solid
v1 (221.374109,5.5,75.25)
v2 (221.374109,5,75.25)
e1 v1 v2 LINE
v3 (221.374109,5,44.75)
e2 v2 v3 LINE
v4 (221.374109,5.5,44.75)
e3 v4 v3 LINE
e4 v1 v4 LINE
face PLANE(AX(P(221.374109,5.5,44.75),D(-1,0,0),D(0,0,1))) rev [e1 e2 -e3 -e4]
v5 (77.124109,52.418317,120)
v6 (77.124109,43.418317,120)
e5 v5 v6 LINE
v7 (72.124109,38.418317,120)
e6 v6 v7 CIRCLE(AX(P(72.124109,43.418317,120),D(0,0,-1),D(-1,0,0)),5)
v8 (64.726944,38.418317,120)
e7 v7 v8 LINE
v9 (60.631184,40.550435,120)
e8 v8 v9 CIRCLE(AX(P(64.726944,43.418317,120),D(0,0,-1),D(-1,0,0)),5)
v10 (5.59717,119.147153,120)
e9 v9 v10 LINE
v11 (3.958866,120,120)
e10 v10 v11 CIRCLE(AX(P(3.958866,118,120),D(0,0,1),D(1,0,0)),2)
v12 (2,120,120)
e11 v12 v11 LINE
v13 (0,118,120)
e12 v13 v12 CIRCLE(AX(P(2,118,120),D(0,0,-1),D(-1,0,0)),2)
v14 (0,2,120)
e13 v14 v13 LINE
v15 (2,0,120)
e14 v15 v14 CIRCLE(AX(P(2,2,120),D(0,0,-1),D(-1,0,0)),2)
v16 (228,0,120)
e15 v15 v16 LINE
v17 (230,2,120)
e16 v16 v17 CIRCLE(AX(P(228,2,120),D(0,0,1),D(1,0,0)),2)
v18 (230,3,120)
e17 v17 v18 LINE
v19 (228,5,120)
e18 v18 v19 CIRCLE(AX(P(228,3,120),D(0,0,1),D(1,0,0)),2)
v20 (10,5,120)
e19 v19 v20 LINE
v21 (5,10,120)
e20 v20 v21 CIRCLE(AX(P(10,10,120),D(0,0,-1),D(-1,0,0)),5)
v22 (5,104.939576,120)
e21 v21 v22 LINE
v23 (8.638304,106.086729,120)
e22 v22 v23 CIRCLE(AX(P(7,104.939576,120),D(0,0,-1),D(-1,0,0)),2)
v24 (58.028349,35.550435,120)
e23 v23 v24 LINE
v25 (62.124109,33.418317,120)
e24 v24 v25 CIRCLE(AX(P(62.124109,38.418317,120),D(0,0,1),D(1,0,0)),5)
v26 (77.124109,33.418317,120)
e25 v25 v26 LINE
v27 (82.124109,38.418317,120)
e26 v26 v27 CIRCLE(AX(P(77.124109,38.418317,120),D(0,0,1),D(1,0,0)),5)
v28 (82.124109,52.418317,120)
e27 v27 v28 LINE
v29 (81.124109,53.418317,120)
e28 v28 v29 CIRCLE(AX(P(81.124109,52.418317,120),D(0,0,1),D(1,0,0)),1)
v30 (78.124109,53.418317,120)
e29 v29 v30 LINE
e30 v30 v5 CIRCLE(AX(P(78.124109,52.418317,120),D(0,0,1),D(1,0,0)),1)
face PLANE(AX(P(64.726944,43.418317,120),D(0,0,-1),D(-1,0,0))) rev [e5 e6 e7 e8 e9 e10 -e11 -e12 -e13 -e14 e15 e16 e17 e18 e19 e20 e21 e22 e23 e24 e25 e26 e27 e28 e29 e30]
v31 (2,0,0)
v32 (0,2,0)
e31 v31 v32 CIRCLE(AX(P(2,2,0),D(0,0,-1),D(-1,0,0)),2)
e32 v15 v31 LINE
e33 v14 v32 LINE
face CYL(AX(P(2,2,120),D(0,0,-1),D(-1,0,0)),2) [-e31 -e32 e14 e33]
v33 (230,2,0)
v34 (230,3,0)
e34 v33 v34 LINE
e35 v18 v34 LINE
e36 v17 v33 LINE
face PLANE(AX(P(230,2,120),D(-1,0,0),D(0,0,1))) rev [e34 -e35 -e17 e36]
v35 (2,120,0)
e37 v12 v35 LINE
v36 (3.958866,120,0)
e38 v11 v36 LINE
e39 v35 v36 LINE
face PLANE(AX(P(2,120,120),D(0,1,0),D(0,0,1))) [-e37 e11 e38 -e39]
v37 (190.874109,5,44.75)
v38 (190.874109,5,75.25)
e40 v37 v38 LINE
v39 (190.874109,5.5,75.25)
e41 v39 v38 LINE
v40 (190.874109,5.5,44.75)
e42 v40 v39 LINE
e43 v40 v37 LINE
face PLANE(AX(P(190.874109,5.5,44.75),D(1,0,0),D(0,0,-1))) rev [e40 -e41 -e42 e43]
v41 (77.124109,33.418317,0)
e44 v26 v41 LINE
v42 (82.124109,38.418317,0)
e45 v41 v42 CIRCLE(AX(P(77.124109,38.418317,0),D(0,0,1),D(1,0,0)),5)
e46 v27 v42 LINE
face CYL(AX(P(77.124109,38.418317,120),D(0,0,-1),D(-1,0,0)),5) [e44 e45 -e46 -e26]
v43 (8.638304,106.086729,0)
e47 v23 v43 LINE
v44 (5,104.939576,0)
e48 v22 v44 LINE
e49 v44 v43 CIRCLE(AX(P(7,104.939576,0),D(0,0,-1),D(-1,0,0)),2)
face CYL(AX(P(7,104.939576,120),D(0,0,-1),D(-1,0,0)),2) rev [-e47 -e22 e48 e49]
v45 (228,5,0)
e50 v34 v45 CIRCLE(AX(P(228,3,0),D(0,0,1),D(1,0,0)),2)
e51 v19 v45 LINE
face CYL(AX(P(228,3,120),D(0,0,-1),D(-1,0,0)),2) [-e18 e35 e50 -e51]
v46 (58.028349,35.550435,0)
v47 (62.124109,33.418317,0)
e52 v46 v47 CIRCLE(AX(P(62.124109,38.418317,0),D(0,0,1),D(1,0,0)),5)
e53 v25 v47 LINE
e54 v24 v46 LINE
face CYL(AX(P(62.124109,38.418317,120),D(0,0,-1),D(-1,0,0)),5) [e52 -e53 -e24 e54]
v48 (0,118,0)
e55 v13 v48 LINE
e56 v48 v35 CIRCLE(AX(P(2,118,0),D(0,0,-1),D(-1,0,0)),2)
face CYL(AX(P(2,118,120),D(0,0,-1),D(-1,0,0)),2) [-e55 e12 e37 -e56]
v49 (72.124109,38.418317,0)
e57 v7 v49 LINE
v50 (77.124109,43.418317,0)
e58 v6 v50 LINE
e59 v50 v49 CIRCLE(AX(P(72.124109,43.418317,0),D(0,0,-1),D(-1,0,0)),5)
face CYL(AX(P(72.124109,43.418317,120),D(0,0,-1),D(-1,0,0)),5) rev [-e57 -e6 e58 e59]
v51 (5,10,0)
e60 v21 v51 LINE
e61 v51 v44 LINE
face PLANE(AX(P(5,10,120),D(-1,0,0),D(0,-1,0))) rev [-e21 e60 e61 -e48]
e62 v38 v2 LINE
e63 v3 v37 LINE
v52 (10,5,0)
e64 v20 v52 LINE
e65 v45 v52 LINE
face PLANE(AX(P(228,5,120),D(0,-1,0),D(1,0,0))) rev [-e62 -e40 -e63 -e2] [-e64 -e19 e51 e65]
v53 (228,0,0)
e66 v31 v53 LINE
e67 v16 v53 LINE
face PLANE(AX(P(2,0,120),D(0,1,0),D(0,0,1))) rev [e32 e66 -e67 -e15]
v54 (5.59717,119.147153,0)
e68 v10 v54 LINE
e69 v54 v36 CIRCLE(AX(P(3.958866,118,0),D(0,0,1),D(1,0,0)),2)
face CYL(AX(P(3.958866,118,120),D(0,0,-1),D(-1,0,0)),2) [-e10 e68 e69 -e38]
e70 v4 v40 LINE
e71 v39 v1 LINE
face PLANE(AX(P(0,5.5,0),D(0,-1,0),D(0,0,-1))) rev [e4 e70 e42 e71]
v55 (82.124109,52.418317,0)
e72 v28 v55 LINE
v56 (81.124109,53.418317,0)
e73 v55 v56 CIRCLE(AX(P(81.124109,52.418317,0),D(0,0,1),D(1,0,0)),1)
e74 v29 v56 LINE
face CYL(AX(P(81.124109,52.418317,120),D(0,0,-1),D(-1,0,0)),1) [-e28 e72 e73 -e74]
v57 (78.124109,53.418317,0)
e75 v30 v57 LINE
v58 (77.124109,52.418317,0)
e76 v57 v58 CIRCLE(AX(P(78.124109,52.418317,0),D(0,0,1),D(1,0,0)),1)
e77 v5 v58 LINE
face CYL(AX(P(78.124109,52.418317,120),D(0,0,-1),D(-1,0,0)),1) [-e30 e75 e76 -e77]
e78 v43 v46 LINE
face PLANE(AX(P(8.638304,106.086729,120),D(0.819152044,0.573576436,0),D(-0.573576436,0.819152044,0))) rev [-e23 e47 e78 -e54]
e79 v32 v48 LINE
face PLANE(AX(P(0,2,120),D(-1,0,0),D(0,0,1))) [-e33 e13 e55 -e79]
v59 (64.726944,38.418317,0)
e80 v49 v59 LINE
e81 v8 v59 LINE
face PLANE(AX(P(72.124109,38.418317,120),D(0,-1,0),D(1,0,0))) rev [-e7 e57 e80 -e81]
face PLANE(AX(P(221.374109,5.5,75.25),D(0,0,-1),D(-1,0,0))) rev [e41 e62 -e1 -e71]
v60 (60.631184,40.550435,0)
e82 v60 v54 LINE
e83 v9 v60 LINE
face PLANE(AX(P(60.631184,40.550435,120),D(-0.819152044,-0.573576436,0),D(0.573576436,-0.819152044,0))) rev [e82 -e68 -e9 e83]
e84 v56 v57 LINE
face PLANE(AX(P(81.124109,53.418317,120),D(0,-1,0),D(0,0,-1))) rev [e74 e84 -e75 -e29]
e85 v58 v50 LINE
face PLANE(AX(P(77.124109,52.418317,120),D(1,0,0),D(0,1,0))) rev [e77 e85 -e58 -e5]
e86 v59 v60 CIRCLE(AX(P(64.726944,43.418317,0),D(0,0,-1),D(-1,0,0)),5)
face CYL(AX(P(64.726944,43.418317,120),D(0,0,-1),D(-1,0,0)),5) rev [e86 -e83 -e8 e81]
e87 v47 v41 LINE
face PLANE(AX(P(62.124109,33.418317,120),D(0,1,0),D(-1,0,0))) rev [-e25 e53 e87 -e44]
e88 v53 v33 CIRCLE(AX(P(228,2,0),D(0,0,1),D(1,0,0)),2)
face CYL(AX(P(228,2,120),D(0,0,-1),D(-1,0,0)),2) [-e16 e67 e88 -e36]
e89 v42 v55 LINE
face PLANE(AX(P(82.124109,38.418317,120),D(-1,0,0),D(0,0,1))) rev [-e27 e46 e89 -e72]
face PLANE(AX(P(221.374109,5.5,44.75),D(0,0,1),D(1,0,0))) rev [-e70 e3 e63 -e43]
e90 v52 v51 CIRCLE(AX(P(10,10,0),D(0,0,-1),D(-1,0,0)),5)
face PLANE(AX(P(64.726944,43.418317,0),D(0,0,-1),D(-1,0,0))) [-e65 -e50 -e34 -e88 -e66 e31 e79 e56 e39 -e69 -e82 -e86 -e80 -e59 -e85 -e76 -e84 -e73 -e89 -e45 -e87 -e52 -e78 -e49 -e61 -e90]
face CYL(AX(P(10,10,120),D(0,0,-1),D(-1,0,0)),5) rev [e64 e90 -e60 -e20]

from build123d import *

# Parameters (mm, degrees)
BOSS_EXTRUDE1_DEPTH = 120
SKETCH3_W           = 30
SKETCH3_H           = 30
BOSS_EXTRUDE2_DEPTH = 3
SKETCH6_W           = 30.5
SKETCH6_H           = 30.5
BOSS_EXTRUDE3_DEPTH = 5.5


with BuildPart() as part:
    # Sketch1 → Boss-Extrude1 (new body)
    with BuildSketch(Plane.XY):
        with BuildLine():
            Line((2, 0), (228, 0))
            ThreePointArc((228, 0), (229.414213562, 0.585786438), (230, 2))
            Line((230, 2), (230, 3))
            ThreePointArc((230, 3), (229.414213562, 4.414213562), (228, 5))
            Line((228, 5), (10, 5))
            ThreePointArc((10, 5), (6.464466094, 6.464466094), (5, 10))
            Line((5, 10), (5, 104.939576417))
            ThreePointArc((5, 104.939576417), (6.398588401, 106.847010319), (8.638304089, 106.08672929))
            Line((8.638304089, 106.08672929), (58.028349014, 35.550435076))
            ThreePointArc((58.028349014, 35.550435076), (59.815366169, 33.983263092), (62.124109236, 33.418317258))
            Line((62.124109236, 33.418317258), (77.124109236, 33.418317258))
            ThreePointArc((77.124109236, 33.418317258), (80.659643142, 34.882783352), (82.124109236, 38.418317258))
            Line((82.124109236, 38.418317258), (82.124109236, 52.418317258))
            ThreePointArc((82.124109236, 52.418317258), (81.831216017, 53.125424039), (81.124109236, 53.418317258))
            Line((81.124109236, 53.418317258), (78.124109236, 53.418317258))
            ThreePointArc((78.124109236, 53.418317258), (77.417002454, 53.125424039), (77.124109236, 52.418317258))
            Line((77.124109236, 52.418317258), (77.124109236, 43.418317258))
            ThreePointArc((77.124109236, 43.418317258), (75.659643142, 39.882783352), (72.124109236, 38.418317258))
            Line((72.124109236, 38.418317258), (64.726944488, 38.418317258))
            ThreePointArc((64.726944488, 38.418317258), (62.418201422, 38.983263092), (60.631184267, 40.550435076))
            Line((60.631184267, 40.550435076), (5.597169987, 119.147152873))
            ThreePointArc((5.597169987, 119.147152873), (4.882363125, 119.774021666), (3.958865899, 120))
            Line((3.958865899, 120), (2, 120))
            ThreePointArc((2, 120), (0.585786438, 119.414213562), (0, 118))
            Line((0, 118), (0, 2))
            ThreePointArc((0, 2), (0.585786438, 0.585786438), (2, 0))
        make_face()
    extrude(amount=BOSS_EXTRUDE1_DEPTH)

    # Sketch3 → Boss-Extrude2 (add)
    with BuildSketch(Plane(origin=(0, 0, 0), x_dir=(1, 0, 0), z_dir=(0, 1, 0))):
        with Locations((205, -60)):
            Rectangle(SKETCH3_W, SKETCH3_H)
    extrude(amount=BOSS_EXTRUDE2_DEPTH)

    # Sketch6 → Boss-Extrude3 (add)
    with BuildSketch(Plane(origin=(0, 0, 0), x_dir=(1, 0, 0), z_dir=(0, 1, 0))):
        with Locations((206.124109236, -60)):
            Rectangle(SKETCH6_W, SKETCH6_H)
    extrude(amount=BOSS_EXTRUDE3_DEPTH)


solid = part.part
